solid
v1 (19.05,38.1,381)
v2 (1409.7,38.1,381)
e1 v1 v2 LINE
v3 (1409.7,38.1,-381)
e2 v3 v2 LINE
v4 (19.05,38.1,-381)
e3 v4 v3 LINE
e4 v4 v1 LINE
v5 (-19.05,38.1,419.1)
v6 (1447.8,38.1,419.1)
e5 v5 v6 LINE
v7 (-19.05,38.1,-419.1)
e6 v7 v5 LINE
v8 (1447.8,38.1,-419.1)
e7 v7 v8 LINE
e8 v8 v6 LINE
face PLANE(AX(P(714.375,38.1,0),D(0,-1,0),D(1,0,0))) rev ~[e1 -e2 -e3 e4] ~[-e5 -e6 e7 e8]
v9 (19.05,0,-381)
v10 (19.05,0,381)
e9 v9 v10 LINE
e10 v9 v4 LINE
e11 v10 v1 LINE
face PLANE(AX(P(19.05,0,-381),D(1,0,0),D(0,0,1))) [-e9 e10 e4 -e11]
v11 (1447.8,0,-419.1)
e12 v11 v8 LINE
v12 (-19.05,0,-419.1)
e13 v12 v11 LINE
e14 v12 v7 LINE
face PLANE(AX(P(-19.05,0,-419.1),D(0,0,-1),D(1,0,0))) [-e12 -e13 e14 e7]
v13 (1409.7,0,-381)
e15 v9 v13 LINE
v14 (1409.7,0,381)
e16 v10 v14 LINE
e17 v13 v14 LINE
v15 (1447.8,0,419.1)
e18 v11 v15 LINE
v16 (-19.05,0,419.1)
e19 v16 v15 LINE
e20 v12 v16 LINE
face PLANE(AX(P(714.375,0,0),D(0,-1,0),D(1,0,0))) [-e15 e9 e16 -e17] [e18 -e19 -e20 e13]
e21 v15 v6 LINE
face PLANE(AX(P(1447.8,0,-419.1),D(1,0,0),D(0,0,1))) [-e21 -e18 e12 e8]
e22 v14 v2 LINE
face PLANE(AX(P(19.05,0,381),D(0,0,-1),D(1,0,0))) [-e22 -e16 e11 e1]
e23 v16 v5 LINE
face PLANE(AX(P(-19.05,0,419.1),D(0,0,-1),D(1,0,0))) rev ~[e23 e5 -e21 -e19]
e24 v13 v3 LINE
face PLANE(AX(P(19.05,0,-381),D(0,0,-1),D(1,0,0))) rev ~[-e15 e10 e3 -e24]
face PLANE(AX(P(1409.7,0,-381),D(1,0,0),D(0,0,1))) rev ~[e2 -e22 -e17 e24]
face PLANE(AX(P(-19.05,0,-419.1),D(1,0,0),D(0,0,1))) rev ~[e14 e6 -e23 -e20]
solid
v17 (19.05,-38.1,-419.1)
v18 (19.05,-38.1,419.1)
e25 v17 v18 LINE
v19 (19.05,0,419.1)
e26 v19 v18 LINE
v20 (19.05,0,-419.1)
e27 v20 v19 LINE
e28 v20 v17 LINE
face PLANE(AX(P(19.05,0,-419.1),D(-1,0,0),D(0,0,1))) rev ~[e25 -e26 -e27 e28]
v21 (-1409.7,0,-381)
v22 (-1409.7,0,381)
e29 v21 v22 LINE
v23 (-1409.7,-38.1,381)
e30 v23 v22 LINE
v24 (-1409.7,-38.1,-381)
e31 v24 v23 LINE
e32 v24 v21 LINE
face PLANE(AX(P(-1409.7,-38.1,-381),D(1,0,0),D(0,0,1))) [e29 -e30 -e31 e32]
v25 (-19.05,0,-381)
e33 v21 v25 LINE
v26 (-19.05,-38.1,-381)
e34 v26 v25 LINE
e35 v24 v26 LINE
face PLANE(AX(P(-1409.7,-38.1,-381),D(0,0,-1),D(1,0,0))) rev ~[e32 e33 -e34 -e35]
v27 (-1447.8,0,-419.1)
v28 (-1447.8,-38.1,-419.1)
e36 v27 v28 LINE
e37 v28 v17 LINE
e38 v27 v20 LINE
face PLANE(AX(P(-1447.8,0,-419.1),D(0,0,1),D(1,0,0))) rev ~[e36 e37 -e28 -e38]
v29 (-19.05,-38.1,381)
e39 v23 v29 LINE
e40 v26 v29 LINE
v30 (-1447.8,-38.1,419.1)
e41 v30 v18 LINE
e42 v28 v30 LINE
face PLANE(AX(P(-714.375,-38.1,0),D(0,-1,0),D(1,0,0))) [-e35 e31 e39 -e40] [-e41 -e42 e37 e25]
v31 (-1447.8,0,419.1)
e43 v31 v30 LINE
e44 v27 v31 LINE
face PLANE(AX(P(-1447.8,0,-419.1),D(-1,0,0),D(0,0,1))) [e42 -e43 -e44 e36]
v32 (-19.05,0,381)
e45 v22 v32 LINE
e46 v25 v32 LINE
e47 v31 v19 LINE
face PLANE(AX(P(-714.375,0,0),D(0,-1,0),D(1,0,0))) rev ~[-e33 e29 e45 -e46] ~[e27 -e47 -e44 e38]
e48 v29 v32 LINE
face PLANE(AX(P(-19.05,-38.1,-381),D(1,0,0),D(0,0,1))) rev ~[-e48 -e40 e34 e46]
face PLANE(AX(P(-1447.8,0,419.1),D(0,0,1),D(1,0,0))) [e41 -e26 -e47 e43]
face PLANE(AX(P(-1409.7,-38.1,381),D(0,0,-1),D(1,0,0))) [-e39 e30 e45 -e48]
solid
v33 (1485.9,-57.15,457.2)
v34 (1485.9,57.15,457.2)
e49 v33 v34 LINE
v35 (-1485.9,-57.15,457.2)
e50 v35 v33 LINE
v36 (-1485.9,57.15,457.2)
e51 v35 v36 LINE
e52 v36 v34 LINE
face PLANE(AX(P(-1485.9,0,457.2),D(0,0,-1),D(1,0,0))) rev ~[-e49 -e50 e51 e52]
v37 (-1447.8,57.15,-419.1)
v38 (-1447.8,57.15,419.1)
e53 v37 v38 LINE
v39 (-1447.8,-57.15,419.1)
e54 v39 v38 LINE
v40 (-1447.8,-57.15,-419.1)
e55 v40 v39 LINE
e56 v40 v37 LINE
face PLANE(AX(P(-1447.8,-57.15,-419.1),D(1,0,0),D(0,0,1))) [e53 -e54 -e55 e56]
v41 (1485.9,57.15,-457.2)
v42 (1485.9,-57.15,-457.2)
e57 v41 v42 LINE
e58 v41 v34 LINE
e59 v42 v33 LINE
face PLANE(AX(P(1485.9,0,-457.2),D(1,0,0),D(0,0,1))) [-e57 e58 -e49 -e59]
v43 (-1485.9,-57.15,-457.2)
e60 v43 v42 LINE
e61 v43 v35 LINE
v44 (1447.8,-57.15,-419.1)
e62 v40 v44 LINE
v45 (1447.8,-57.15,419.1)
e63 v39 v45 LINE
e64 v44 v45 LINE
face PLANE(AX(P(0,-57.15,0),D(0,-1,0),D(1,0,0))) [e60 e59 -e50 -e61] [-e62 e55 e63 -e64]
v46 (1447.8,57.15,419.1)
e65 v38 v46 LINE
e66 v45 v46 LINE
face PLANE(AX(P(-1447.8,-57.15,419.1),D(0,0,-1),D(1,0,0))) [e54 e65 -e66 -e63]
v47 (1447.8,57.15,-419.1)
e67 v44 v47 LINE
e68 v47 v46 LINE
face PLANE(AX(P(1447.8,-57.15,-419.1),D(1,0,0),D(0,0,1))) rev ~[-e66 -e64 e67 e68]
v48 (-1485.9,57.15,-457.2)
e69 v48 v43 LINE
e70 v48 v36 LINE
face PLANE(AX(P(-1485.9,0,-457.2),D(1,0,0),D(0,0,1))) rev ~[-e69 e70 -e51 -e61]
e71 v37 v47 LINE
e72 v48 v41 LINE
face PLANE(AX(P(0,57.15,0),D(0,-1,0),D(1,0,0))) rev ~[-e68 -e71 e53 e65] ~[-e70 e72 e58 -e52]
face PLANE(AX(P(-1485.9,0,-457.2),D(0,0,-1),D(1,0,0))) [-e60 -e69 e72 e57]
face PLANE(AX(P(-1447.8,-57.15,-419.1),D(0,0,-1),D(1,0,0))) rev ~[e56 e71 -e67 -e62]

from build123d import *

# Parameters (mm, degrees)
F0_W      = 2971.8
F0_H      = 914.4
F1_DEPTH  = 57.15
F2_W      = 2895.6
F2_H      = 838.2
F3_DEPTH  = 114.301
F4_W      = 1466.85
F4_H      = 838.2
F5_DEPTH  = 38.1
F6_W      = 1390.65
F6_H      = 762
F7_DEPTH  = 95.251
F8_W      = 1466.85
F8_H      = 838.2
F9_DEPTH  = 38.1
F10_W     = 1390.65
F10_H     = 762
F11_DEPTH = 57.151


with BuildPart() as f1:
    # F0 (on Front) → F1 (new body, symmetric)
    with BuildSketch(Plane.XZ):
        Rectangle(F0_W, F0_H)
    extrude(amount=F1_DEPTH, both=True)

    # F2 (on face) → F3 (cut, through all)
    with BuildSketch(Plane.XZ.offset(57.15)):
        Rectangle(F2_W, F2_H)
    extrude(amount=-F3_DEPTH, mode=Mode.SUBTRACT)


with BuildPart() as f5:
    # F4 (on Front) → F5 (new body)
    with BuildSketch(Plane.XZ):
        with Locations((-714.375, 0)):
            Rectangle(F4_W, F4_H)
    extrude(amount=F5_DEPTH)

    # F6 (on face) → F7 (cut, through all)
    with BuildSketch(Plane.XZ.offset(38.1)):
        with Locations((-714.375, 0)):
            Rectangle(F6_W, F6_H)
    extrude(amount=-F7_DEPTH, mode=Mode.SUBTRACT)


with BuildPart() as f9:
    # F8 (on Front) → F9 (new body)
    with BuildSketch(Plane.XZ):
        with Locations((714.375, 0)):
            Rectangle(F8_W, F8_H)
    extrude(amount=-F9_DEPTH)

    # F10 (on face) → F11 (cut, through all)
    with BuildSketch(Plane.XZ):
        with Locations((714.375, 0)):
            Rectangle(F10_W, F10_H)
    extrude(amount=-F11_DEPTH, mode=Mode.SUBTRACT)


solid = Compound([f1.part, f5.part, f9.part])
